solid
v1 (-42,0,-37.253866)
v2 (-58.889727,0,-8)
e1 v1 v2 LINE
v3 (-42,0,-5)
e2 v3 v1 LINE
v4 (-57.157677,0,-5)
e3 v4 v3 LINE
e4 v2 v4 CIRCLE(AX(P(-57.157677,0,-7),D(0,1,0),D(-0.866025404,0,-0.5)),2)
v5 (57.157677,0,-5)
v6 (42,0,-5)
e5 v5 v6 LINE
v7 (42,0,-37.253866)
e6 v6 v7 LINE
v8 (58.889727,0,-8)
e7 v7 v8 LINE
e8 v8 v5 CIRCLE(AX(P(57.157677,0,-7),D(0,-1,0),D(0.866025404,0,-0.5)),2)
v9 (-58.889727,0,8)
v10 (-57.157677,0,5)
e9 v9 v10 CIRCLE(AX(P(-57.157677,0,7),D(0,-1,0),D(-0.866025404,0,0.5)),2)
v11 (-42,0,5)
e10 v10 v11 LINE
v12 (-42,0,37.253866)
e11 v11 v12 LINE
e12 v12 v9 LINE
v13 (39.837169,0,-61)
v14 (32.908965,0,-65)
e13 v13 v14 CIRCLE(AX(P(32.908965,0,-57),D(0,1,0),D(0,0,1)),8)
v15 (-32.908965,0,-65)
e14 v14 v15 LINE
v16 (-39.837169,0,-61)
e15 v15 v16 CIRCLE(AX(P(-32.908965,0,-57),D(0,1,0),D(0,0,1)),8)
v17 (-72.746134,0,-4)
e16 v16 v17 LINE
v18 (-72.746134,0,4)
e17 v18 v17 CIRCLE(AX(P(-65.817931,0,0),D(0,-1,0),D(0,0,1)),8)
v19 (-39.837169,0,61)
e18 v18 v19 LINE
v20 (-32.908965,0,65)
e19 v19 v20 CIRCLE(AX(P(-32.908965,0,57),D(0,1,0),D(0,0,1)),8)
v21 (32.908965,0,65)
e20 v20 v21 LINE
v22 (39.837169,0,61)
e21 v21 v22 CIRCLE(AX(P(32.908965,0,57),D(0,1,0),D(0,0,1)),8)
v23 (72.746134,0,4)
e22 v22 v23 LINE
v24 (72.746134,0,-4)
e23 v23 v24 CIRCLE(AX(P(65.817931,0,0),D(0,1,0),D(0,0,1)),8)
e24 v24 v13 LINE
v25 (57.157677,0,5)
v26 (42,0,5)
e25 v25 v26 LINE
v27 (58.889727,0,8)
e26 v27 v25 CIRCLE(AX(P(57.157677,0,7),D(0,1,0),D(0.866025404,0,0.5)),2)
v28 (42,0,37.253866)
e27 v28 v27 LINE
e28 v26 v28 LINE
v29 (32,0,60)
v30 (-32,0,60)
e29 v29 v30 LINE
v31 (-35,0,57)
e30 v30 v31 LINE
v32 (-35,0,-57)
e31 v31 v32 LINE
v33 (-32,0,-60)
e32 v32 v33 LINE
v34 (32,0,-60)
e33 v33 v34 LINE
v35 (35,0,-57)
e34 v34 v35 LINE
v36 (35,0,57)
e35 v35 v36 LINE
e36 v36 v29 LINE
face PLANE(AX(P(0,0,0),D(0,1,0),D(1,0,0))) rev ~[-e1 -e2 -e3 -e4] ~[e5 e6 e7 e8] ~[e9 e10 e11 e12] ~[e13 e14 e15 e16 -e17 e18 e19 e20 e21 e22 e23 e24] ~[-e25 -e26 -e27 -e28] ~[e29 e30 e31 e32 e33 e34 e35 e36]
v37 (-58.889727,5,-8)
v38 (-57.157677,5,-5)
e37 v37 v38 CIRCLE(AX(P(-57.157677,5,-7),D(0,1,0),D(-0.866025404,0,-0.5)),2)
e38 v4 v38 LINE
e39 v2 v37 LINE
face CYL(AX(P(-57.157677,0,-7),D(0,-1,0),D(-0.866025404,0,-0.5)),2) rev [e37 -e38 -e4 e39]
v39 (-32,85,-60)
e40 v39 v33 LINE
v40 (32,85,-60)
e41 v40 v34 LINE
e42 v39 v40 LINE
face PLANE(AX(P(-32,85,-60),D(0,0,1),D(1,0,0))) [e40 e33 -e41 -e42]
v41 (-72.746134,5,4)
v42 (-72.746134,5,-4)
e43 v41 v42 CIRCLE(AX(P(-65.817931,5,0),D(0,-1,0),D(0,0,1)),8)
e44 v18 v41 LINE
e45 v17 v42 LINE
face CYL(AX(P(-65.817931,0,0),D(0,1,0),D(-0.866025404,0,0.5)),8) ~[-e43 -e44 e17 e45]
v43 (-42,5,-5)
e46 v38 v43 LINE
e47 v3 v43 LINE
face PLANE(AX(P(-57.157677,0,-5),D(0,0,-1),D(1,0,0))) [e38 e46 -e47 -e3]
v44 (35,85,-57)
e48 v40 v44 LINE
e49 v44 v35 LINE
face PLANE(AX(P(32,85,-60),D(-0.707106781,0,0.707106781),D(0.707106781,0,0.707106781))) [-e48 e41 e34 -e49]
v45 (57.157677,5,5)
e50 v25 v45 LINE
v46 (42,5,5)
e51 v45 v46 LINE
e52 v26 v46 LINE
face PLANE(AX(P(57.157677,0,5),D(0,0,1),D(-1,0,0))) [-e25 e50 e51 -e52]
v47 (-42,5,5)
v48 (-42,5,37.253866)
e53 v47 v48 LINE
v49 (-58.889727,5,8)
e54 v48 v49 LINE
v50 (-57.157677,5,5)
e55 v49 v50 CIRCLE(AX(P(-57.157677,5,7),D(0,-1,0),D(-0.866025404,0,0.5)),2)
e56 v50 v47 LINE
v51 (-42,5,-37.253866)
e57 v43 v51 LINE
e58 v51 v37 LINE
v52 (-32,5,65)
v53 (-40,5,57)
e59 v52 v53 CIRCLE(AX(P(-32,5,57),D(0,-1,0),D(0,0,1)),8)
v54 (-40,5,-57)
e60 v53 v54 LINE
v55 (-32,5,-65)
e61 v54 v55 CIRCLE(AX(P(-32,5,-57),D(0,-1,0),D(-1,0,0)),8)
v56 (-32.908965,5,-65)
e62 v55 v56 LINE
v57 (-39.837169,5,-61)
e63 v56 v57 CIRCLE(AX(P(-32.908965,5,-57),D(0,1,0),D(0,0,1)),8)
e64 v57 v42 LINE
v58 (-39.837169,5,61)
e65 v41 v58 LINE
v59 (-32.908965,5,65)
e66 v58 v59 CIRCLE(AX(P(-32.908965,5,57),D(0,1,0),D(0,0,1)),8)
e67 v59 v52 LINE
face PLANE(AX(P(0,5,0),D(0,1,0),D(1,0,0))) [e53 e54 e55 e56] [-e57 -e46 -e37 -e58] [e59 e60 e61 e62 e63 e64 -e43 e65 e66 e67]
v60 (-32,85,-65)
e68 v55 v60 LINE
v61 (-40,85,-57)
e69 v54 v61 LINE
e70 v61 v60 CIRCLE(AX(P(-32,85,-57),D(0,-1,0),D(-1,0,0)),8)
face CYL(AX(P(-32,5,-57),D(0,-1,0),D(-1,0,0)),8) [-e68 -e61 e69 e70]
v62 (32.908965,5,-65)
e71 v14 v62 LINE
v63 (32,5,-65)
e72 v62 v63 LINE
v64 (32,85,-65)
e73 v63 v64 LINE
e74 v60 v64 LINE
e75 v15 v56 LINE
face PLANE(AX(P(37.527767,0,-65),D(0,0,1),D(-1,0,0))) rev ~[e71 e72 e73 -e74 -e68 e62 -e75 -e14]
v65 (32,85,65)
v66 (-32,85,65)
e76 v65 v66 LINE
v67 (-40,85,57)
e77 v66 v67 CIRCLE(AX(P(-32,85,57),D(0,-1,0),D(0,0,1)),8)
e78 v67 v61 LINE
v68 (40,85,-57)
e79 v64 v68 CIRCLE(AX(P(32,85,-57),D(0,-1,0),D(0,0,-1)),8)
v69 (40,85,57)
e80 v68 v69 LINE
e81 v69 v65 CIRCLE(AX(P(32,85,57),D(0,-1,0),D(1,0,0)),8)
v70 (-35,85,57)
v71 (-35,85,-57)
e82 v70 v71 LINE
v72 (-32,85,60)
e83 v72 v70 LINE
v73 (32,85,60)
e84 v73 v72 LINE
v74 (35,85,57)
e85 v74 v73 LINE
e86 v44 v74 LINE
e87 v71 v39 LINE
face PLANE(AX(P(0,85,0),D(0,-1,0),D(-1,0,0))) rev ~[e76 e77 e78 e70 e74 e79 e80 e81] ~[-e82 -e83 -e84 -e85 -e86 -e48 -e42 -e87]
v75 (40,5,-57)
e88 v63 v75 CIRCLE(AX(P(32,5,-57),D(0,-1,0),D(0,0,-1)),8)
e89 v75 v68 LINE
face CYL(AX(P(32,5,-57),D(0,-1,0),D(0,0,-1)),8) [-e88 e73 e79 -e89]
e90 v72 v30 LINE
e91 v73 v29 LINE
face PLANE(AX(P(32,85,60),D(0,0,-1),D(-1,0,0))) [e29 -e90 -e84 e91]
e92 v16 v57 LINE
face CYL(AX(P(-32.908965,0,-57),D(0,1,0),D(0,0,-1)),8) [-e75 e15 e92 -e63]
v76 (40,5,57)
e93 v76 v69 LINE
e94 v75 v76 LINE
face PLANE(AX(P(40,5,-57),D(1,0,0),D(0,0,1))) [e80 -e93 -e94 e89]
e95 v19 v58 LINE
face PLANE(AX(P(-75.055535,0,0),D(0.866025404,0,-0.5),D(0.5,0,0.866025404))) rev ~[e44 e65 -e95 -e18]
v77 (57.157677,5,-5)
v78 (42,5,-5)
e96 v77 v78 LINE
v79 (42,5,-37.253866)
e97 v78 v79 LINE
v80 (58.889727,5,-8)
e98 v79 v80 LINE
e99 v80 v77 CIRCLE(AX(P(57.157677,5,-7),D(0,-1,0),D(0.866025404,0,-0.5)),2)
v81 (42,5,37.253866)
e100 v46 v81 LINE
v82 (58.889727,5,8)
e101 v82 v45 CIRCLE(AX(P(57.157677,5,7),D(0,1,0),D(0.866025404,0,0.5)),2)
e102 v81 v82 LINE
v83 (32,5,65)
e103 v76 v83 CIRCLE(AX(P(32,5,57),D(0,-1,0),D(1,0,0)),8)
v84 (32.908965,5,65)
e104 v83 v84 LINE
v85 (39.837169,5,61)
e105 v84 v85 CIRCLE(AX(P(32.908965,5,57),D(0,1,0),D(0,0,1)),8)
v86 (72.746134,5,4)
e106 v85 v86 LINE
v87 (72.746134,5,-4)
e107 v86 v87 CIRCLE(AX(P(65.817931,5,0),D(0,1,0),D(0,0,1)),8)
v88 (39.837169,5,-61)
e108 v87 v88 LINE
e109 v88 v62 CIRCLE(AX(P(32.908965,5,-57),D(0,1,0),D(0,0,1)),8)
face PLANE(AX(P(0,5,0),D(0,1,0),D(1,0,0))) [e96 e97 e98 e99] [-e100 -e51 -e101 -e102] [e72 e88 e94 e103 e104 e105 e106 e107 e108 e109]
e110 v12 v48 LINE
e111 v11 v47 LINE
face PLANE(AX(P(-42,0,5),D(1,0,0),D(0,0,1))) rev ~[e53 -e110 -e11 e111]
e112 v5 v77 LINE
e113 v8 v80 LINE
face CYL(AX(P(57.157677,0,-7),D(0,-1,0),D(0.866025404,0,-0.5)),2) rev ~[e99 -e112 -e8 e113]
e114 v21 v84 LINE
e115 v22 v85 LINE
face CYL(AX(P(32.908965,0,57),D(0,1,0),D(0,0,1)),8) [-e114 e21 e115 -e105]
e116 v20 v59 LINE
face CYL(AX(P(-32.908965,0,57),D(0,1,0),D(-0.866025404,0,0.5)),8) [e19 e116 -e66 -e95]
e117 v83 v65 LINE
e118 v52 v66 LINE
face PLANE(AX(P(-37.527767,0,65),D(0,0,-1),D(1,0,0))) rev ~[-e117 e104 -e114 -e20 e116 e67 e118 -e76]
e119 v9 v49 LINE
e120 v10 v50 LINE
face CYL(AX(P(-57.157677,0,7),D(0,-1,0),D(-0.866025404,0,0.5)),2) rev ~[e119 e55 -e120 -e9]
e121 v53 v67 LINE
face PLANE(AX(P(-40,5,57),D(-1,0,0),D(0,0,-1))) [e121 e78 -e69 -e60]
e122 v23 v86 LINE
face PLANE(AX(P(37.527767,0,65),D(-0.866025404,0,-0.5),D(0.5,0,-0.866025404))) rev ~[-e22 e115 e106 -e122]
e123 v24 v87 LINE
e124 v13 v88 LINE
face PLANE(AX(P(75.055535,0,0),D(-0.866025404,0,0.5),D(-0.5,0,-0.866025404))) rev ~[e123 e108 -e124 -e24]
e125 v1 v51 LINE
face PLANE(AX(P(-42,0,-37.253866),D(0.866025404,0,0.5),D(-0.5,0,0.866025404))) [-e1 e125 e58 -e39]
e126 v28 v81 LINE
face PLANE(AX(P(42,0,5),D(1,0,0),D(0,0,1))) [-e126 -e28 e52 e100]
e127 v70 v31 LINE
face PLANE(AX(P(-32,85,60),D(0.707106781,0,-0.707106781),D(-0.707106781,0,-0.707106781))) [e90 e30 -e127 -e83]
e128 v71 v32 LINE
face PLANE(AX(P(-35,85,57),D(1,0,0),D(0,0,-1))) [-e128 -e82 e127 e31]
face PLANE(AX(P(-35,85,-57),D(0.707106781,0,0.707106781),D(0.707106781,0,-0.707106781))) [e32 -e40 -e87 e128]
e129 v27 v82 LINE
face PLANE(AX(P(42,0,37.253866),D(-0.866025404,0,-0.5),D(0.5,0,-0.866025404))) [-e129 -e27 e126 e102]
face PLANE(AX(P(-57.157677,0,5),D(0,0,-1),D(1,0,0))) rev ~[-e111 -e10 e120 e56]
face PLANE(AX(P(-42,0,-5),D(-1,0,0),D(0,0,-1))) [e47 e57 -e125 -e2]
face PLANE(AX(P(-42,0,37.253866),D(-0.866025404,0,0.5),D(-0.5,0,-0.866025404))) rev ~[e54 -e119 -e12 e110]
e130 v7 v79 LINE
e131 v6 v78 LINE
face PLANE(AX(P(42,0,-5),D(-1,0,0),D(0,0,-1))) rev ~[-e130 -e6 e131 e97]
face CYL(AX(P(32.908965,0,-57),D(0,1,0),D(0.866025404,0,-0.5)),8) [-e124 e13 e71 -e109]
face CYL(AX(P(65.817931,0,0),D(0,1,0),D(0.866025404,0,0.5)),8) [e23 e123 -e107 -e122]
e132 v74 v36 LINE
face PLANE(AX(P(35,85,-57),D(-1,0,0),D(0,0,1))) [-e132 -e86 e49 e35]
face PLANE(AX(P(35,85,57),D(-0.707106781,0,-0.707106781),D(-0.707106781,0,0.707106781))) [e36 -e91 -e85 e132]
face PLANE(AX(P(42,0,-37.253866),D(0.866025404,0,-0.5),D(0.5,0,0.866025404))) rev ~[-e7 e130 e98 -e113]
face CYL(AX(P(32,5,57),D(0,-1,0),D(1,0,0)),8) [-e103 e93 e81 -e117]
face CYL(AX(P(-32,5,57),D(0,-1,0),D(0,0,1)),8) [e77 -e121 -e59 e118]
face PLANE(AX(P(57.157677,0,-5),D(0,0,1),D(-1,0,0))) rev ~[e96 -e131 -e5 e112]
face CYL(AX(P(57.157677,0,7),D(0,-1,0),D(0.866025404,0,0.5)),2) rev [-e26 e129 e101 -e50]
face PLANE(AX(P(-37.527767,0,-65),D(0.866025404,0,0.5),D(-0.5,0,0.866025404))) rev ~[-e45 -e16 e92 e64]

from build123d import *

# Parameters (mm, degrees)
BOSS_EXTRUDE1_DEPTH = 5
FILLET1_R           = 8
BOSS_EXTRUDE2_DEPTH = 80
CUT_EXTRUDE1_DEPTH  = 85
CUT_EXTRUDE2_DEPTH  = 5


with BuildPart() as part:
    # Sketch1 → Boss-Extrude1 (new body)
    with BuildSketch(Plane(origin=(0, 0, 0), x_dir=(1, 0, 0), z_dir=(0, 1, 0))):
        Polygon((-75.055534995, 0), (-37.527767497, -65), (37.527767497, -65), (75.055534995, 0), (37.527767497, 65), (-37.527767497, 65), align=None)
    extrude(amount=BOSS_EXTRUDE1_DEPTH)

    # Fillet1
    fillet1_edges = [part.edges().sort_by_distance(p)[0] for p in [
        (-37.527767497, 2.5, -65),
        (37.527767497, 2.5, -65),
        (75.055534995, 2.5, 0),
        (37.527767497, 2.5, 65),
        (-37.527767497, 2.5, 65),
        (-75.055534995, 2.5, 0),
    ]]
    fillet(fillet1_edges, radius=FILLET1_R)

    # Sketch3 → Boss-Extrude2 (add)
    with BuildSketch(Plane(origin=(0, 5, 0), x_dir=(1, 0, 0), z_dir=(0, 1, 0))):
        with BuildLine():
            Line((-32, 65), (32, 65))
            ThreePointArc((32, 65), (37.656854249, 62.656854249), (40, 57))
            Line((40, 57), (40, -57))
            ThreePointArc((40, -57), (37.656854249, -62.656854249), (32, -65))
            Line((32, -65), (-32, -65))
            ThreePointArc((-32, -65), (-37.656854249, -62.656854249), (-40, -57))
            Line((-40, -57), (-40, 57))
            ThreePointArc((-40, 57), (-37.656854249, 62.656854249), (-32, 65))
        make_face()
    extrude(amount=BOSS_EXTRUDE2_DEPTH)

    # Sketch4 → Cut-Extrude1 (cut)
    with BuildSketch(Plane(origin=(0, 85, 0), x_dir=(1, 0, 0), z_dir=(0, 1, 0))):
        Polygon((-35, 57), (-32, 60), (32, 60), (35, 57), (35, -57), (32, -60), (-32, -60), (-35, -57), align=None)
    extrude(amount=-CUT_EXTRUDE1_DEPTH, mode=Mode.SUBTRACT)

    # Sketch8 → Cut-Extrude2 (cut)
    with BuildSketch(Plane(origin=(0, 0, 0), x_dir=(1, 0, 0), z_dir=(0, 1, 0))):
        with BuildLine():
            ThreePointArc((58.889727457, 8), (58.889727457, 6), (57.15767665, 5))
            Line((57.15767665, 5), (42, 5))
            Line((42, 5), (42, 37.253866082))
            Line((42, 37.253866082), (58.889727457, 8))
        make_face()
        with BuildLine():
            Line((42, -37.253866082), (58.889727457, -8))
            ThreePointArc((58.889727457, -8), (58.889727457, -6), (57.15767665, -5))
            Line((57.15767665, -5), (42, -5))
            Line((42, -5), (42, -37.253866082))
        make_face()
        with BuildLine():
            ThreePointArc((-58.889727457, -8), (-58.889727457, -6), (-57.15767665, -5))
            Line((-57.15767665, -5), (-42, -5))
            Line((-42, -5), (-42, -37.253866082))
            Line((-42, -37.253866082), (-58.889727457, -8))
        make_face()
        with BuildLine():
            Line((-42, 37.253866082), (-58.889727457, 8))
            ThreePointArc((-58.889727457, 8), (-58.889727457, 6), (-57.15767665, 5))
            Line((-57.15767665, 5), (-42, 5))
            Line((-42, 5), (-42, 37.253866082))
        make_face()
    extrude(amount=CUT_EXTRUDE2_DEPTH, mode=Mode.SUBTRACT)


solid = part.part
